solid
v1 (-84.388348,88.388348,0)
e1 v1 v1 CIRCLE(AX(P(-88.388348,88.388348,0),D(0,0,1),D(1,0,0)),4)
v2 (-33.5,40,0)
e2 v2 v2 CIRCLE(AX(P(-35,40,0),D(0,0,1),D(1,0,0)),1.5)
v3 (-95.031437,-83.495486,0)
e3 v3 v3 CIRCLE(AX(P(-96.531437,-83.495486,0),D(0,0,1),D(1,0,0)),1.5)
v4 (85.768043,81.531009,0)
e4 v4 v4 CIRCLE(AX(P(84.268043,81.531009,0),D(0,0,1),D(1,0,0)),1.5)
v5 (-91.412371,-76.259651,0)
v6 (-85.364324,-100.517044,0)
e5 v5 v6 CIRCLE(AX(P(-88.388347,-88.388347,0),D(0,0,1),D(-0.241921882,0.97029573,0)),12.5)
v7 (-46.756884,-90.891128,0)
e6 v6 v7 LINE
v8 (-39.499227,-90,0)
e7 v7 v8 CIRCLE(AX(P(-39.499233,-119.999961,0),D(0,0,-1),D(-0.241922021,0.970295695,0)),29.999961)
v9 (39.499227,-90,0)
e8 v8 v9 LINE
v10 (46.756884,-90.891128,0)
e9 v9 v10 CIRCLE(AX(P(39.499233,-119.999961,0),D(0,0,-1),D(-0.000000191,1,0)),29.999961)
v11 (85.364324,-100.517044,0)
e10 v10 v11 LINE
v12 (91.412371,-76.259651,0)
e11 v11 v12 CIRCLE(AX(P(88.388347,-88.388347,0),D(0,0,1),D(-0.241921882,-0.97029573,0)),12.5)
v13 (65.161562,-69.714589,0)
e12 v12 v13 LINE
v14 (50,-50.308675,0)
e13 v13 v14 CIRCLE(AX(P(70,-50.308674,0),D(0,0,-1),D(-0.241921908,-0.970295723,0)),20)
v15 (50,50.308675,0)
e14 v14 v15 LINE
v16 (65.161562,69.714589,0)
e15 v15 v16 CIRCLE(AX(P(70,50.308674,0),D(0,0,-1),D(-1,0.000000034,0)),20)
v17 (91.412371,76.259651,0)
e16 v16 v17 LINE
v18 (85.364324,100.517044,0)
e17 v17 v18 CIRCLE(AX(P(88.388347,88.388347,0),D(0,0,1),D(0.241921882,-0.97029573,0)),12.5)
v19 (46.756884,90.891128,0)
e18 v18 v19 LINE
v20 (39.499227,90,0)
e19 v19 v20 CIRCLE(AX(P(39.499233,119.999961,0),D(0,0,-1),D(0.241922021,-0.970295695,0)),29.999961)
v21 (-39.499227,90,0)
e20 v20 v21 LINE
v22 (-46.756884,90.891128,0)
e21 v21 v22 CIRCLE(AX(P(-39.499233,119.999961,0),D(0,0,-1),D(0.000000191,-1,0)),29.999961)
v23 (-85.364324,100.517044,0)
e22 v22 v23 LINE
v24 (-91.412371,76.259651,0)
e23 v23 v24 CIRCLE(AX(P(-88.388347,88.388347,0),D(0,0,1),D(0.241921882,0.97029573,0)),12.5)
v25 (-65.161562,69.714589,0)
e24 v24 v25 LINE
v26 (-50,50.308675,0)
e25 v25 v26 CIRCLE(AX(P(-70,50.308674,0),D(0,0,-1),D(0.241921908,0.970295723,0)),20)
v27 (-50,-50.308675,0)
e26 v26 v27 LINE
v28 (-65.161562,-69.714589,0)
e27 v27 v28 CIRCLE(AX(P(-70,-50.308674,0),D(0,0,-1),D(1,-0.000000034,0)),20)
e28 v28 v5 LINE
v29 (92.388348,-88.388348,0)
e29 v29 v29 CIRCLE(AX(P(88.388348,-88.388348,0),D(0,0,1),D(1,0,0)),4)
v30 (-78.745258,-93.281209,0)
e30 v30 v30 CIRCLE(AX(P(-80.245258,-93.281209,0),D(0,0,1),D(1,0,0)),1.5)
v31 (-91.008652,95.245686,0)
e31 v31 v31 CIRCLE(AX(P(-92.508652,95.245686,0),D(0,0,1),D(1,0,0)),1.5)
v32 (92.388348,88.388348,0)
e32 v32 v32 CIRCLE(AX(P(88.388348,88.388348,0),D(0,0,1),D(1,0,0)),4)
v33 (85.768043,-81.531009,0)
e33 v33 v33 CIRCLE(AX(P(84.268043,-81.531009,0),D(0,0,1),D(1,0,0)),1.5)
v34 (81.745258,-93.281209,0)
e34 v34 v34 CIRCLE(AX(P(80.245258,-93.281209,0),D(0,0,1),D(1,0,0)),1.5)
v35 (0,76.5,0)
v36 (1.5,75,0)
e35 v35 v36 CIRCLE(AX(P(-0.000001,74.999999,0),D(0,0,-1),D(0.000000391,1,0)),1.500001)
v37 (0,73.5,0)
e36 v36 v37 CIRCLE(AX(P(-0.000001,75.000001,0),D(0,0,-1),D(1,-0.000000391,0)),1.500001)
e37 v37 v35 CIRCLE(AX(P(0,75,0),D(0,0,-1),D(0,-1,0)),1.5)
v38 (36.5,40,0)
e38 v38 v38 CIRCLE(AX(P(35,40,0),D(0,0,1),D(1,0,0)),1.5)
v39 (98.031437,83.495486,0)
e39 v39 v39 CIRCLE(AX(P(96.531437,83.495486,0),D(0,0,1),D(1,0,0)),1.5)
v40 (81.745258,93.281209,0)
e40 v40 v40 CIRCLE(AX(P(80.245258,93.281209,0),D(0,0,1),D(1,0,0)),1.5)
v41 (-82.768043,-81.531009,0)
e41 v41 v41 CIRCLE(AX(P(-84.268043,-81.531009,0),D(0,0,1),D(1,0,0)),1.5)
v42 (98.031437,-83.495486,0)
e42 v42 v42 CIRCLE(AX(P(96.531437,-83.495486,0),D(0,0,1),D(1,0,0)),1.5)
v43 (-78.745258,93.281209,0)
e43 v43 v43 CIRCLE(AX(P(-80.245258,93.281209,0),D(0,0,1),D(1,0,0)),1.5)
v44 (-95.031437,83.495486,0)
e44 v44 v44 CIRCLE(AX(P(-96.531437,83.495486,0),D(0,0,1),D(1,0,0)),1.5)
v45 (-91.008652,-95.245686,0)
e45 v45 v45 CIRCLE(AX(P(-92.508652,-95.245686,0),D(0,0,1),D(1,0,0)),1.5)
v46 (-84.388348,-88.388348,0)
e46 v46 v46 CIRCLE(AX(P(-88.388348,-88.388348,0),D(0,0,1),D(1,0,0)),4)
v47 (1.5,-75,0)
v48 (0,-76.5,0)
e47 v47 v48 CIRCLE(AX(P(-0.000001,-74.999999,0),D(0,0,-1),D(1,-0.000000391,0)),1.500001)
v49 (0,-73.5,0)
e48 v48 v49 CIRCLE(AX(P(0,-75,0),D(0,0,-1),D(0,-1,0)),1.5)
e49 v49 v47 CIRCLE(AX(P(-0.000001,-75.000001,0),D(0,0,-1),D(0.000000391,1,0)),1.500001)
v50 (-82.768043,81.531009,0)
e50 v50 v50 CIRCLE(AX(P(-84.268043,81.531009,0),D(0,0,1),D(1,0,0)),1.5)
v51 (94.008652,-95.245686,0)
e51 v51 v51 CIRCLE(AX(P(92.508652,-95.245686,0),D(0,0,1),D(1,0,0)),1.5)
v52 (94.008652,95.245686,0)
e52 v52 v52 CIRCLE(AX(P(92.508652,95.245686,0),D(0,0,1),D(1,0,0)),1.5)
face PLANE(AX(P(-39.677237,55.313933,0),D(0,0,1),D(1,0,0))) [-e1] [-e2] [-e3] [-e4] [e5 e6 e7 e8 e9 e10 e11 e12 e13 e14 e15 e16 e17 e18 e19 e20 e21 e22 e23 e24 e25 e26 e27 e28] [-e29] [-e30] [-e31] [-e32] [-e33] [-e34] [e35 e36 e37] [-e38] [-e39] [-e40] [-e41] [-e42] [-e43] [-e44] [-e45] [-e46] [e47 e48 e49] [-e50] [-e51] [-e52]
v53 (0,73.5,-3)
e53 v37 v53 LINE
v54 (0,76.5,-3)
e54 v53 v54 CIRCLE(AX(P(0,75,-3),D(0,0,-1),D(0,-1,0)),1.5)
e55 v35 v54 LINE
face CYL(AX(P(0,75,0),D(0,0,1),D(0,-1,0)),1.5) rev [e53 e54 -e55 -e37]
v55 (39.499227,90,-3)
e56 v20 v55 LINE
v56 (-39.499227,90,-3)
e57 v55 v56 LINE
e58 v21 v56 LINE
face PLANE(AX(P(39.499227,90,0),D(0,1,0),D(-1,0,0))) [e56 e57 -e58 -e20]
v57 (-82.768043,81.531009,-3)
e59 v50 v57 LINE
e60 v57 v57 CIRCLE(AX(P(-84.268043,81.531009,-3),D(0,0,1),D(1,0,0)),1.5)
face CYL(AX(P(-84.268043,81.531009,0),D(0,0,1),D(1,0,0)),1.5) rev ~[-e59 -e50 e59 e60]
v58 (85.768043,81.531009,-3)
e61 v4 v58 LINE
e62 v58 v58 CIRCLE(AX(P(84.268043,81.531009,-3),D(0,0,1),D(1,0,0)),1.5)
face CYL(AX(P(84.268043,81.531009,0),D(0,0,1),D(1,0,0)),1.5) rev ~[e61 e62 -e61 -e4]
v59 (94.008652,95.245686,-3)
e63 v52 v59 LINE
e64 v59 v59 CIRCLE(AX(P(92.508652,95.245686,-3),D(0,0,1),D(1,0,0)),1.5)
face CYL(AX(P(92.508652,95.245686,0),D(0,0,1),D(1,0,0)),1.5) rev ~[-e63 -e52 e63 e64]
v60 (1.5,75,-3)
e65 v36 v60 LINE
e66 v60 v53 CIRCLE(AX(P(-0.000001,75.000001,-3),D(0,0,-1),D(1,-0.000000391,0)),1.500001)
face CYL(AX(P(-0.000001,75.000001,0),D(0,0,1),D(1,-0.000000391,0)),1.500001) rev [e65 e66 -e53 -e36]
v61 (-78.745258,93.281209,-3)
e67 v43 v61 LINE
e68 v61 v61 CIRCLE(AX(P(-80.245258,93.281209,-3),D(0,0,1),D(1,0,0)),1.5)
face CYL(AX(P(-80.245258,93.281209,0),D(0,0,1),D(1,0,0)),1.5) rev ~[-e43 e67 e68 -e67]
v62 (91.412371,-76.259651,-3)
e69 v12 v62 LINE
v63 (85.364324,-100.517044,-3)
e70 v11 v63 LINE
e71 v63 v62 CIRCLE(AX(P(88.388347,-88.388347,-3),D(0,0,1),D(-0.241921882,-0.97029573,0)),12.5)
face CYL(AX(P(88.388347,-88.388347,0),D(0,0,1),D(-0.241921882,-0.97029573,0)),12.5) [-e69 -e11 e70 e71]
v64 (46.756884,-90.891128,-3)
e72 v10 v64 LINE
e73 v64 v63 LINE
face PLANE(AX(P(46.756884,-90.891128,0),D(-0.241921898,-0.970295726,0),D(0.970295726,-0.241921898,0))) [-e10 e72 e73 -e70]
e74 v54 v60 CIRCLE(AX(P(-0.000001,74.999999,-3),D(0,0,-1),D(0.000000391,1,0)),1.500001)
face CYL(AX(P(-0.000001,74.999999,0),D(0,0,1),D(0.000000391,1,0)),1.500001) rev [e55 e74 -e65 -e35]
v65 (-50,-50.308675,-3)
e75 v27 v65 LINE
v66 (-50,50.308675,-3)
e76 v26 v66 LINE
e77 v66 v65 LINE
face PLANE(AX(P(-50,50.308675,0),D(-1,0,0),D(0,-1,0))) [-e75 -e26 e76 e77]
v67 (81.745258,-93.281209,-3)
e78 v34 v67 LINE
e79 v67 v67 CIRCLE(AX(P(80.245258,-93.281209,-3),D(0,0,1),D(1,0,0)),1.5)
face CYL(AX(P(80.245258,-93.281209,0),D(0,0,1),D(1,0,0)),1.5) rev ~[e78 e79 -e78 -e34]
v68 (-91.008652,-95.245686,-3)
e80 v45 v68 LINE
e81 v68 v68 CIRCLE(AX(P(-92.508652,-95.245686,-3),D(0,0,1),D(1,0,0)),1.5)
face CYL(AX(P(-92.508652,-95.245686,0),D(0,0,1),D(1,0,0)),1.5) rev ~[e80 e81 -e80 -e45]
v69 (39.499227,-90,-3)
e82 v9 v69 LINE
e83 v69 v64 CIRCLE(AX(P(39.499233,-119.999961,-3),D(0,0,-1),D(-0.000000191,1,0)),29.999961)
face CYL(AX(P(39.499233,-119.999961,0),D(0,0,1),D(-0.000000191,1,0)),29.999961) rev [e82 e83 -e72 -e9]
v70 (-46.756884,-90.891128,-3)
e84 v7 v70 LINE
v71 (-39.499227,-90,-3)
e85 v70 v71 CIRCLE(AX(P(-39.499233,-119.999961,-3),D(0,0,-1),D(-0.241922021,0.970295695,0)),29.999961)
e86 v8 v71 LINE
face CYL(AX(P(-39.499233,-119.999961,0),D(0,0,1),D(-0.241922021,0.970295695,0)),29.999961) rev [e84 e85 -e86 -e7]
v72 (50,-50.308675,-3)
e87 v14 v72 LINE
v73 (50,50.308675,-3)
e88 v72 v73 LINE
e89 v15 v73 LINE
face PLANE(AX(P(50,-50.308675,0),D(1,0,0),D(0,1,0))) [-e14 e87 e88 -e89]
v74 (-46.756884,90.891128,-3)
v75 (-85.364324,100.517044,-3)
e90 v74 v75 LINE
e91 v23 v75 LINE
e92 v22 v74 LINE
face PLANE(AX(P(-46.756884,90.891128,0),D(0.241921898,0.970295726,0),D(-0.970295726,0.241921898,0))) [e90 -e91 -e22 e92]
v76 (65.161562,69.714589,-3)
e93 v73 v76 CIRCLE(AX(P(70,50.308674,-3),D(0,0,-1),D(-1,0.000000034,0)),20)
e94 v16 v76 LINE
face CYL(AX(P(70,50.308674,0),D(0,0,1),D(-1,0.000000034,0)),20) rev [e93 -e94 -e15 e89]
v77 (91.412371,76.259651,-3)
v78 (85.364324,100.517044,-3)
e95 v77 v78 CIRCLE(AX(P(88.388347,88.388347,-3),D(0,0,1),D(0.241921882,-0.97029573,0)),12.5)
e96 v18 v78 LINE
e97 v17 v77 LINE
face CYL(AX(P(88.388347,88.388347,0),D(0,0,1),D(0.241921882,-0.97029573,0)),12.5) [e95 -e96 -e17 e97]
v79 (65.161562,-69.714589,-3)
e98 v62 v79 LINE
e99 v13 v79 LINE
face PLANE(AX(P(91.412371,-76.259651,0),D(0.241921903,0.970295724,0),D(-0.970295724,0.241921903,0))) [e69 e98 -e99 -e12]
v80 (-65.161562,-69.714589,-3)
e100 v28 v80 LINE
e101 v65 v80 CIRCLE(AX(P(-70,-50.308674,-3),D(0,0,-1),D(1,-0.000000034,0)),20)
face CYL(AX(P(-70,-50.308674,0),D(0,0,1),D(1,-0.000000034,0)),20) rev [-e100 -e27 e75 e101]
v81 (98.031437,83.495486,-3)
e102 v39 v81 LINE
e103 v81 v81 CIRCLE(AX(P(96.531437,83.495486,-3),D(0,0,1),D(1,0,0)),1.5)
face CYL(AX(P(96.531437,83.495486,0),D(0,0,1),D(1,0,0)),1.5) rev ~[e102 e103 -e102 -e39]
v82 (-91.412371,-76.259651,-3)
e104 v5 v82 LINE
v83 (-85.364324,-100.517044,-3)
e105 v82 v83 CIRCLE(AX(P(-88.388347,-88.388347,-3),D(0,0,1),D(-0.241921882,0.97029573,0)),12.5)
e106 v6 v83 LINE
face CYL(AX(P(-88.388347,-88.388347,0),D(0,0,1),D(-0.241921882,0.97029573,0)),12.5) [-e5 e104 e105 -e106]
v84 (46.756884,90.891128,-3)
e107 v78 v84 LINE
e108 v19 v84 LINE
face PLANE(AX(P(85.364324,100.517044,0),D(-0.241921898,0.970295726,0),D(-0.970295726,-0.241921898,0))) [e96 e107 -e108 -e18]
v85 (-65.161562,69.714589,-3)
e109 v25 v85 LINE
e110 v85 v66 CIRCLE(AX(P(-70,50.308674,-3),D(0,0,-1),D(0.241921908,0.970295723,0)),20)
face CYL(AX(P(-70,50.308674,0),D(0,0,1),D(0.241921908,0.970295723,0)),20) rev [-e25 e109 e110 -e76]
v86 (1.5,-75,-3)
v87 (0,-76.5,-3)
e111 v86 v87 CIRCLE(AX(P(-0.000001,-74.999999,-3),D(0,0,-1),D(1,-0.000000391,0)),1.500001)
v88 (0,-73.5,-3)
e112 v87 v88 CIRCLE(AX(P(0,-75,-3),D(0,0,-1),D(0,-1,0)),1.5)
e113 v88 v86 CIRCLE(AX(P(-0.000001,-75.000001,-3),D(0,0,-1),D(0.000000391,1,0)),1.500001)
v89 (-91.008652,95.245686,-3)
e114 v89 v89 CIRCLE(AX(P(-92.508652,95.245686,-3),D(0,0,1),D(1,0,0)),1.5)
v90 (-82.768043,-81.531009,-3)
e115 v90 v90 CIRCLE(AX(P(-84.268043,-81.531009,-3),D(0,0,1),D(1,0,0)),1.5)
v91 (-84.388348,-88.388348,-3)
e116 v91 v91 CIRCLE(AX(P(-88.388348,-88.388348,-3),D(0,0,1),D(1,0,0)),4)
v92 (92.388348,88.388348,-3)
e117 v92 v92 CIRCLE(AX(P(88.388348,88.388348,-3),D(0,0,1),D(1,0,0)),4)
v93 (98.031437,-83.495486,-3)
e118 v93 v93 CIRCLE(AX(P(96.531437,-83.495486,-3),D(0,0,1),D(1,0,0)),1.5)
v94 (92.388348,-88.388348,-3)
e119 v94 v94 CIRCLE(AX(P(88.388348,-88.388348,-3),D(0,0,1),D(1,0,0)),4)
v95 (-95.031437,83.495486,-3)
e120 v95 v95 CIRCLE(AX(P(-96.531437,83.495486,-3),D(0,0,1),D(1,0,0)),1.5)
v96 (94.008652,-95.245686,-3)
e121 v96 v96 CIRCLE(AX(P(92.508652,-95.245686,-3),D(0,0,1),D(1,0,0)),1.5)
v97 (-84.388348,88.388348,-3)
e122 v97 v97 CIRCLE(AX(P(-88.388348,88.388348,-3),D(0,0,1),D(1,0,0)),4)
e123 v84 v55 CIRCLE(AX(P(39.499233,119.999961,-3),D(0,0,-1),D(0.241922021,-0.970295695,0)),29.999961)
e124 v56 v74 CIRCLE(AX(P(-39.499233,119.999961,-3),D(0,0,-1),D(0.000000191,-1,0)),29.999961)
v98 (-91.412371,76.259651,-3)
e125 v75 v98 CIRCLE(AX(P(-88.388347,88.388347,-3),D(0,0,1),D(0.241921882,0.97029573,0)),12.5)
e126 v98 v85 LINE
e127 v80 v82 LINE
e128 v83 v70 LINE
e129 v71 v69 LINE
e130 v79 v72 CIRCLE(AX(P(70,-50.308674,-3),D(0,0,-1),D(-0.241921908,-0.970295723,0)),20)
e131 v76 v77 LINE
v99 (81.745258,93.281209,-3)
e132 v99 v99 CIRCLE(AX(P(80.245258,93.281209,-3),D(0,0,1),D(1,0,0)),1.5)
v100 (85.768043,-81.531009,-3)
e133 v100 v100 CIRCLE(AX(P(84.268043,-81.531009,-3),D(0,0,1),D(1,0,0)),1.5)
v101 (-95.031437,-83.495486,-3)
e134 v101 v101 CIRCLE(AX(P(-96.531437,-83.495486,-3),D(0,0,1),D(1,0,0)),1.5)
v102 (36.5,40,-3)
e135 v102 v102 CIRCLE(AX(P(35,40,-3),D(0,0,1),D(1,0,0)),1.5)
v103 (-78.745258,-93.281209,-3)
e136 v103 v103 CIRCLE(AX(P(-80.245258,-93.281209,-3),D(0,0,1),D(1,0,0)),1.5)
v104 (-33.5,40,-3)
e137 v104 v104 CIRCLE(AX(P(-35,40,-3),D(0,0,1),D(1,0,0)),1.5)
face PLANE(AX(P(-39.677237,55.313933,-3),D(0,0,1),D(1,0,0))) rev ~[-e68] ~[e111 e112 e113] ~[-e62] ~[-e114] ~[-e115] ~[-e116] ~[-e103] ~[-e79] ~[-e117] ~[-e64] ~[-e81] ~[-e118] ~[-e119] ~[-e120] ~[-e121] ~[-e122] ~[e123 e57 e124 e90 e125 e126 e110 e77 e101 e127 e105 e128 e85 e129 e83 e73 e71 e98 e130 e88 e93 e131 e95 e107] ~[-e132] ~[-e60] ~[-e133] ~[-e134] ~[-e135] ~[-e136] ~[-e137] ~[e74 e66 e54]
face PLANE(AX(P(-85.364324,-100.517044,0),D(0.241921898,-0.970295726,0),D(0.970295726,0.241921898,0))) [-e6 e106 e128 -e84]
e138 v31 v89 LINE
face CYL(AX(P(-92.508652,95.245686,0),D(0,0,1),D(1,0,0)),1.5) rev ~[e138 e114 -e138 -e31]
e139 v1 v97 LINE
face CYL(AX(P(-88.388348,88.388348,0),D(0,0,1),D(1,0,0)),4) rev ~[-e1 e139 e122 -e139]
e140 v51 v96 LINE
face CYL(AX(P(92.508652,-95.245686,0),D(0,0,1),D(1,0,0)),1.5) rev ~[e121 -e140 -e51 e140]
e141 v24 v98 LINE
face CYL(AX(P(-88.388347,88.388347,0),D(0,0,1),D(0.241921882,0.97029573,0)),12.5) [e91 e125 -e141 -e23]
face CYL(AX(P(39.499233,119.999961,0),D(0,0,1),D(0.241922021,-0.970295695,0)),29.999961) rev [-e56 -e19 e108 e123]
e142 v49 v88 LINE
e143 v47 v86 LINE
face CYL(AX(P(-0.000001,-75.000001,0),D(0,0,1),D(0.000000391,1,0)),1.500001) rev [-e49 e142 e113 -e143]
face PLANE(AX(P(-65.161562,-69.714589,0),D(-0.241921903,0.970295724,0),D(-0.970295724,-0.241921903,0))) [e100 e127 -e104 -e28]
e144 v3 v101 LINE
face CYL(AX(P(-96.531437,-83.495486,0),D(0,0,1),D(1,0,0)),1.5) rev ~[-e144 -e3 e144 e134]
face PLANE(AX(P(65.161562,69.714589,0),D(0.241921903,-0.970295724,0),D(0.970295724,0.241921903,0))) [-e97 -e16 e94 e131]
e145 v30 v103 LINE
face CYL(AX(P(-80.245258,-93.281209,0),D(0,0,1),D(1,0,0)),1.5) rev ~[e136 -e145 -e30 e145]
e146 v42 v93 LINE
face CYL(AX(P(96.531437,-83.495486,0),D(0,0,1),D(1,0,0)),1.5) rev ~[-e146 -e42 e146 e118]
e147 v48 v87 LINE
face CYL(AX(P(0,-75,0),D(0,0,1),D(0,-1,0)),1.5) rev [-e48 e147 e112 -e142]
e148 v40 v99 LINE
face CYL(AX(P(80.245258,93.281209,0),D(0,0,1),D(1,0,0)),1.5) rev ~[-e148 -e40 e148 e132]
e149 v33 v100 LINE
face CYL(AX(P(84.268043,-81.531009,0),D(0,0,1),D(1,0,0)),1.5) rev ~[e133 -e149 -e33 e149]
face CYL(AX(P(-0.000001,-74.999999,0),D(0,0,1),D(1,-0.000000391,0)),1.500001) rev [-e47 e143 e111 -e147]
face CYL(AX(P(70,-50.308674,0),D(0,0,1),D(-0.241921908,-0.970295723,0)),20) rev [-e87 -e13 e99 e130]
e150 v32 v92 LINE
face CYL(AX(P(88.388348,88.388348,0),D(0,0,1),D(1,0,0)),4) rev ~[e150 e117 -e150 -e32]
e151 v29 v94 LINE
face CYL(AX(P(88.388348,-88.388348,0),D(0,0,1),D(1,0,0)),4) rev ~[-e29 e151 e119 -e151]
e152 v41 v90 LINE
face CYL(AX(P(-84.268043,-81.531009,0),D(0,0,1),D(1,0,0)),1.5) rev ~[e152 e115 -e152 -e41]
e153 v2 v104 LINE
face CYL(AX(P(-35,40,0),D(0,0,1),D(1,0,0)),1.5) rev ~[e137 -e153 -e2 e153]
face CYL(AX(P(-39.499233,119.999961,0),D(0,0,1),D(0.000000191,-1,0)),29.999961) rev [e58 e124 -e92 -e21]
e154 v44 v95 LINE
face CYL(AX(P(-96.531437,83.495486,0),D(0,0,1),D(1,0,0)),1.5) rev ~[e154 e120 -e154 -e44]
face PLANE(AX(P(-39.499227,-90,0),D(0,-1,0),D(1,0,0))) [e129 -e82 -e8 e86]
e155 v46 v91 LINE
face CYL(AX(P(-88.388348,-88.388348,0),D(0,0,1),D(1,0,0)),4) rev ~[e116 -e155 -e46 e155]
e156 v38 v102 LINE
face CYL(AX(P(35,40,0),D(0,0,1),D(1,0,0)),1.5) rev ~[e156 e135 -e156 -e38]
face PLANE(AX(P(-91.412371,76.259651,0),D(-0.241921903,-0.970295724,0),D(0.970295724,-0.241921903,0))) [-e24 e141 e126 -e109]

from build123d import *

# Parameters (mm, degrees)
F0_R     = 1.5
F0_R_2   = 4
F1_DEPTH = 3


with BuildPart() as f1:
    # F0 (on Top) → F1 (new body)
    with BuildSketch(Plane.XY):
        with BuildLine():
            Line((0, 90), (-39.499227, 90))
            ThreePointArc((-39.499227, 90), (-43.155307, 90.223615), (-46.756884, 90.891128))
            Line((-46.756884, 90.891128), (-85.364324, 100.517044))
            ThreePointArc((-85.364324, 100.517044), (-100.517044, 91.412371), (-91.412371, 76.259651))
            Line((-91.412371, 76.259651), (-65.161562, 69.714589))
            ThreePointArc((-65.161562, 69.714589), (-54.239785, 62.621904), (-50, 50.308675))
            Line((-50, 50.308675), (-50, 0))
            Line((-50, 0), (0, 0))
            Line((0, 0), (0, 73.5))
            ThreePointArc((0, 73.5), (-1.5, 75), (0, 76.5))
            Line((0, 76.5), (0, 90))
        make_face()
        with Locations((-35, 40)):
            Circle(F0_R, mode=Mode.SUBTRACT)
        with Locations((-96.531437, 83.495486)):
            Circle(F0_R, mode=Mode.SUBTRACT)
        with Locations((-84.268043, 81.531009)):
            Circle(F0_R, mode=Mode.SUBTRACT)
        with Locations((-88.388348, 88.388348)):
            Circle(F0_R_2, mode=Mode.SUBTRACT)
        with Locations((-92.508652, 95.245686)):
            Circle(F0_R, mode=Mode.SUBTRACT)
        with Locations((-80.245258, 93.281209)):
            Circle(F0_R, mode=Mode.SUBTRACT)
        with BuildLine():
            Line((39.499227, 90), (0, 90))
            Line((0, 90), (0, 76.5))
            ThreePointArc((0, 76.5), (1.06066, 76.06066), (1.5, 75))
            ThreePointArc((1.5, 75), (1.06066, 73.93934), (0, 73.5))
            Line((0, 73.5), (0, 0))
            Line((0, 0), (50, 0))
            Line((50, 0), (50, 50.308675))
            ThreePointArc((50, 50.308675), (54.239785, 62.621904), (65.161562, 69.714589))
            Line((65.161562, 69.714589), (91.412371, 76.259651))
            ThreePointArc((91.412371, 76.259651), (100.517044, 91.412371), (85.364324, 100.517044))
            Line((85.364324, 100.517044), (46.756884, 90.891128))
            ThreePointArc((46.756884, 90.891128), (43.155307, 90.223615), (39.499227, 90))
        make_face()
        with Locations((35, 40)):
            Circle(F0_R, mode=Mode.SUBTRACT)
        with Locations((84.268043, 81.531009)):
            Circle(F0_R, mode=Mode.SUBTRACT)
        with Locations((96.531437, 83.495486)):
            Circle(F0_R, mode=Mode.SUBTRACT)
        with Locations((80.245258, 93.281209)):
            Circle(F0_R, mode=Mode.SUBTRACT)
        with Locations((88.388348, 88.388348)):
            Circle(F0_R_2, mode=Mode.SUBTRACT)
        with Locations((92.508652, 95.245686)):
            Circle(F0_R, mode=Mode.SUBTRACT)
        with BuildLine():
            Line((0, -73.5), (0, 0))
            Line((0, 0), (-50, 0))
            Line((-50, 0), (-50, -50.308675))
            ThreePointArc((-50, -50.308675), (-54.239785, -62.621904), (-65.161562, -69.714589))
            Line((-65.161562, -69.714589), (-91.412371, -76.259651))
            ThreePointArc((-91.412371, -76.259651), (-100.517044, -91.412371), (-85.364324, -100.517044))
            Line((-85.364324, -100.517044), (-46.756884, -90.891128))
            ThreePointArc((-46.756884, -90.891128), (-43.155307, -90.223615), (-39.499227, -90))
            Line((-39.499227, -90), (0, -90))
            Line((0, -90), (0, -76.5))
            ThreePointArc((0, -76.5), (-1.5, -75), (0, -73.5))
        make_face()
        with Locations((-92.508652, -95.245686)):
            Circle(F0_R, mode=Mode.SUBTRACT)
        with Locations((-88.388348, -88.388348)):
            Circle(F0_R_2, mode=Mode.SUBTRACT)
        with Locations((-80.245258, -93.281209)):
            Circle(F0_R, mode=Mode.SUBTRACT)
        with Locations((-96.531437, -83.495486)):
            Circle(F0_R, mode=Mode.SUBTRACT)
        with Locations((-84.268043, -81.531009)):
            Circle(F0_R, mode=Mode.SUBTRACT)
        with BuildLine():
            Line((50, 0), (0, 0))
            Line((0, 0), (0, -73.5))
            ThreePointArc((0, -73.5), (1.06066, -73.93934), (1.5, -75))
            ThreePointArc((1.5, -75), (1.06066, -76.06066), (0, -76.5))
            Line((0, -76.5), (0, -90))
            Line((0, -90), (39.499227, -90))
            ThreePointArc((39.499227, -90), (43.155307, -90.223615), (46.756884, -90.891128))
            Line((46.756884, -90.891128), (85.364324, -100.517044))
            ThreePointArc((85.364324, -100.517044), (100.517044, -91.412371), (91.412371, -76.259651))
            Line((91.412371, -76.259651), (65.161562, -69.714589))
            ThreePointArc((65.161562, -69.714589), (54.239785, -62.621904), (50, -50.308675))
            Line((50, -50.308675), (50, 0))
        make_face()
        with Locations((80.245258, -93.281209)):
            Circle(F0_R, mode=Mode.SUBTRACT)
        with Locations((92.508652, -95.245686)):
            Circle(F0_R, mode=Mode.SUBTRACT)
        with Locations((88.388348, -88.388348)):
            Circle(F0_R_2, mode=Mode.SUBTRACT)
        with Locations((84.268043, -81.531009)):
            Circle(F0_R, mode=Mode.SUBTRACT)
        with Locations((96.531437, -83.495486)):
            Circle(F0_R, mode=Mode.SUBTRACT)
    extrude(amount=-F1_DEPTH)


solid = f1.part
